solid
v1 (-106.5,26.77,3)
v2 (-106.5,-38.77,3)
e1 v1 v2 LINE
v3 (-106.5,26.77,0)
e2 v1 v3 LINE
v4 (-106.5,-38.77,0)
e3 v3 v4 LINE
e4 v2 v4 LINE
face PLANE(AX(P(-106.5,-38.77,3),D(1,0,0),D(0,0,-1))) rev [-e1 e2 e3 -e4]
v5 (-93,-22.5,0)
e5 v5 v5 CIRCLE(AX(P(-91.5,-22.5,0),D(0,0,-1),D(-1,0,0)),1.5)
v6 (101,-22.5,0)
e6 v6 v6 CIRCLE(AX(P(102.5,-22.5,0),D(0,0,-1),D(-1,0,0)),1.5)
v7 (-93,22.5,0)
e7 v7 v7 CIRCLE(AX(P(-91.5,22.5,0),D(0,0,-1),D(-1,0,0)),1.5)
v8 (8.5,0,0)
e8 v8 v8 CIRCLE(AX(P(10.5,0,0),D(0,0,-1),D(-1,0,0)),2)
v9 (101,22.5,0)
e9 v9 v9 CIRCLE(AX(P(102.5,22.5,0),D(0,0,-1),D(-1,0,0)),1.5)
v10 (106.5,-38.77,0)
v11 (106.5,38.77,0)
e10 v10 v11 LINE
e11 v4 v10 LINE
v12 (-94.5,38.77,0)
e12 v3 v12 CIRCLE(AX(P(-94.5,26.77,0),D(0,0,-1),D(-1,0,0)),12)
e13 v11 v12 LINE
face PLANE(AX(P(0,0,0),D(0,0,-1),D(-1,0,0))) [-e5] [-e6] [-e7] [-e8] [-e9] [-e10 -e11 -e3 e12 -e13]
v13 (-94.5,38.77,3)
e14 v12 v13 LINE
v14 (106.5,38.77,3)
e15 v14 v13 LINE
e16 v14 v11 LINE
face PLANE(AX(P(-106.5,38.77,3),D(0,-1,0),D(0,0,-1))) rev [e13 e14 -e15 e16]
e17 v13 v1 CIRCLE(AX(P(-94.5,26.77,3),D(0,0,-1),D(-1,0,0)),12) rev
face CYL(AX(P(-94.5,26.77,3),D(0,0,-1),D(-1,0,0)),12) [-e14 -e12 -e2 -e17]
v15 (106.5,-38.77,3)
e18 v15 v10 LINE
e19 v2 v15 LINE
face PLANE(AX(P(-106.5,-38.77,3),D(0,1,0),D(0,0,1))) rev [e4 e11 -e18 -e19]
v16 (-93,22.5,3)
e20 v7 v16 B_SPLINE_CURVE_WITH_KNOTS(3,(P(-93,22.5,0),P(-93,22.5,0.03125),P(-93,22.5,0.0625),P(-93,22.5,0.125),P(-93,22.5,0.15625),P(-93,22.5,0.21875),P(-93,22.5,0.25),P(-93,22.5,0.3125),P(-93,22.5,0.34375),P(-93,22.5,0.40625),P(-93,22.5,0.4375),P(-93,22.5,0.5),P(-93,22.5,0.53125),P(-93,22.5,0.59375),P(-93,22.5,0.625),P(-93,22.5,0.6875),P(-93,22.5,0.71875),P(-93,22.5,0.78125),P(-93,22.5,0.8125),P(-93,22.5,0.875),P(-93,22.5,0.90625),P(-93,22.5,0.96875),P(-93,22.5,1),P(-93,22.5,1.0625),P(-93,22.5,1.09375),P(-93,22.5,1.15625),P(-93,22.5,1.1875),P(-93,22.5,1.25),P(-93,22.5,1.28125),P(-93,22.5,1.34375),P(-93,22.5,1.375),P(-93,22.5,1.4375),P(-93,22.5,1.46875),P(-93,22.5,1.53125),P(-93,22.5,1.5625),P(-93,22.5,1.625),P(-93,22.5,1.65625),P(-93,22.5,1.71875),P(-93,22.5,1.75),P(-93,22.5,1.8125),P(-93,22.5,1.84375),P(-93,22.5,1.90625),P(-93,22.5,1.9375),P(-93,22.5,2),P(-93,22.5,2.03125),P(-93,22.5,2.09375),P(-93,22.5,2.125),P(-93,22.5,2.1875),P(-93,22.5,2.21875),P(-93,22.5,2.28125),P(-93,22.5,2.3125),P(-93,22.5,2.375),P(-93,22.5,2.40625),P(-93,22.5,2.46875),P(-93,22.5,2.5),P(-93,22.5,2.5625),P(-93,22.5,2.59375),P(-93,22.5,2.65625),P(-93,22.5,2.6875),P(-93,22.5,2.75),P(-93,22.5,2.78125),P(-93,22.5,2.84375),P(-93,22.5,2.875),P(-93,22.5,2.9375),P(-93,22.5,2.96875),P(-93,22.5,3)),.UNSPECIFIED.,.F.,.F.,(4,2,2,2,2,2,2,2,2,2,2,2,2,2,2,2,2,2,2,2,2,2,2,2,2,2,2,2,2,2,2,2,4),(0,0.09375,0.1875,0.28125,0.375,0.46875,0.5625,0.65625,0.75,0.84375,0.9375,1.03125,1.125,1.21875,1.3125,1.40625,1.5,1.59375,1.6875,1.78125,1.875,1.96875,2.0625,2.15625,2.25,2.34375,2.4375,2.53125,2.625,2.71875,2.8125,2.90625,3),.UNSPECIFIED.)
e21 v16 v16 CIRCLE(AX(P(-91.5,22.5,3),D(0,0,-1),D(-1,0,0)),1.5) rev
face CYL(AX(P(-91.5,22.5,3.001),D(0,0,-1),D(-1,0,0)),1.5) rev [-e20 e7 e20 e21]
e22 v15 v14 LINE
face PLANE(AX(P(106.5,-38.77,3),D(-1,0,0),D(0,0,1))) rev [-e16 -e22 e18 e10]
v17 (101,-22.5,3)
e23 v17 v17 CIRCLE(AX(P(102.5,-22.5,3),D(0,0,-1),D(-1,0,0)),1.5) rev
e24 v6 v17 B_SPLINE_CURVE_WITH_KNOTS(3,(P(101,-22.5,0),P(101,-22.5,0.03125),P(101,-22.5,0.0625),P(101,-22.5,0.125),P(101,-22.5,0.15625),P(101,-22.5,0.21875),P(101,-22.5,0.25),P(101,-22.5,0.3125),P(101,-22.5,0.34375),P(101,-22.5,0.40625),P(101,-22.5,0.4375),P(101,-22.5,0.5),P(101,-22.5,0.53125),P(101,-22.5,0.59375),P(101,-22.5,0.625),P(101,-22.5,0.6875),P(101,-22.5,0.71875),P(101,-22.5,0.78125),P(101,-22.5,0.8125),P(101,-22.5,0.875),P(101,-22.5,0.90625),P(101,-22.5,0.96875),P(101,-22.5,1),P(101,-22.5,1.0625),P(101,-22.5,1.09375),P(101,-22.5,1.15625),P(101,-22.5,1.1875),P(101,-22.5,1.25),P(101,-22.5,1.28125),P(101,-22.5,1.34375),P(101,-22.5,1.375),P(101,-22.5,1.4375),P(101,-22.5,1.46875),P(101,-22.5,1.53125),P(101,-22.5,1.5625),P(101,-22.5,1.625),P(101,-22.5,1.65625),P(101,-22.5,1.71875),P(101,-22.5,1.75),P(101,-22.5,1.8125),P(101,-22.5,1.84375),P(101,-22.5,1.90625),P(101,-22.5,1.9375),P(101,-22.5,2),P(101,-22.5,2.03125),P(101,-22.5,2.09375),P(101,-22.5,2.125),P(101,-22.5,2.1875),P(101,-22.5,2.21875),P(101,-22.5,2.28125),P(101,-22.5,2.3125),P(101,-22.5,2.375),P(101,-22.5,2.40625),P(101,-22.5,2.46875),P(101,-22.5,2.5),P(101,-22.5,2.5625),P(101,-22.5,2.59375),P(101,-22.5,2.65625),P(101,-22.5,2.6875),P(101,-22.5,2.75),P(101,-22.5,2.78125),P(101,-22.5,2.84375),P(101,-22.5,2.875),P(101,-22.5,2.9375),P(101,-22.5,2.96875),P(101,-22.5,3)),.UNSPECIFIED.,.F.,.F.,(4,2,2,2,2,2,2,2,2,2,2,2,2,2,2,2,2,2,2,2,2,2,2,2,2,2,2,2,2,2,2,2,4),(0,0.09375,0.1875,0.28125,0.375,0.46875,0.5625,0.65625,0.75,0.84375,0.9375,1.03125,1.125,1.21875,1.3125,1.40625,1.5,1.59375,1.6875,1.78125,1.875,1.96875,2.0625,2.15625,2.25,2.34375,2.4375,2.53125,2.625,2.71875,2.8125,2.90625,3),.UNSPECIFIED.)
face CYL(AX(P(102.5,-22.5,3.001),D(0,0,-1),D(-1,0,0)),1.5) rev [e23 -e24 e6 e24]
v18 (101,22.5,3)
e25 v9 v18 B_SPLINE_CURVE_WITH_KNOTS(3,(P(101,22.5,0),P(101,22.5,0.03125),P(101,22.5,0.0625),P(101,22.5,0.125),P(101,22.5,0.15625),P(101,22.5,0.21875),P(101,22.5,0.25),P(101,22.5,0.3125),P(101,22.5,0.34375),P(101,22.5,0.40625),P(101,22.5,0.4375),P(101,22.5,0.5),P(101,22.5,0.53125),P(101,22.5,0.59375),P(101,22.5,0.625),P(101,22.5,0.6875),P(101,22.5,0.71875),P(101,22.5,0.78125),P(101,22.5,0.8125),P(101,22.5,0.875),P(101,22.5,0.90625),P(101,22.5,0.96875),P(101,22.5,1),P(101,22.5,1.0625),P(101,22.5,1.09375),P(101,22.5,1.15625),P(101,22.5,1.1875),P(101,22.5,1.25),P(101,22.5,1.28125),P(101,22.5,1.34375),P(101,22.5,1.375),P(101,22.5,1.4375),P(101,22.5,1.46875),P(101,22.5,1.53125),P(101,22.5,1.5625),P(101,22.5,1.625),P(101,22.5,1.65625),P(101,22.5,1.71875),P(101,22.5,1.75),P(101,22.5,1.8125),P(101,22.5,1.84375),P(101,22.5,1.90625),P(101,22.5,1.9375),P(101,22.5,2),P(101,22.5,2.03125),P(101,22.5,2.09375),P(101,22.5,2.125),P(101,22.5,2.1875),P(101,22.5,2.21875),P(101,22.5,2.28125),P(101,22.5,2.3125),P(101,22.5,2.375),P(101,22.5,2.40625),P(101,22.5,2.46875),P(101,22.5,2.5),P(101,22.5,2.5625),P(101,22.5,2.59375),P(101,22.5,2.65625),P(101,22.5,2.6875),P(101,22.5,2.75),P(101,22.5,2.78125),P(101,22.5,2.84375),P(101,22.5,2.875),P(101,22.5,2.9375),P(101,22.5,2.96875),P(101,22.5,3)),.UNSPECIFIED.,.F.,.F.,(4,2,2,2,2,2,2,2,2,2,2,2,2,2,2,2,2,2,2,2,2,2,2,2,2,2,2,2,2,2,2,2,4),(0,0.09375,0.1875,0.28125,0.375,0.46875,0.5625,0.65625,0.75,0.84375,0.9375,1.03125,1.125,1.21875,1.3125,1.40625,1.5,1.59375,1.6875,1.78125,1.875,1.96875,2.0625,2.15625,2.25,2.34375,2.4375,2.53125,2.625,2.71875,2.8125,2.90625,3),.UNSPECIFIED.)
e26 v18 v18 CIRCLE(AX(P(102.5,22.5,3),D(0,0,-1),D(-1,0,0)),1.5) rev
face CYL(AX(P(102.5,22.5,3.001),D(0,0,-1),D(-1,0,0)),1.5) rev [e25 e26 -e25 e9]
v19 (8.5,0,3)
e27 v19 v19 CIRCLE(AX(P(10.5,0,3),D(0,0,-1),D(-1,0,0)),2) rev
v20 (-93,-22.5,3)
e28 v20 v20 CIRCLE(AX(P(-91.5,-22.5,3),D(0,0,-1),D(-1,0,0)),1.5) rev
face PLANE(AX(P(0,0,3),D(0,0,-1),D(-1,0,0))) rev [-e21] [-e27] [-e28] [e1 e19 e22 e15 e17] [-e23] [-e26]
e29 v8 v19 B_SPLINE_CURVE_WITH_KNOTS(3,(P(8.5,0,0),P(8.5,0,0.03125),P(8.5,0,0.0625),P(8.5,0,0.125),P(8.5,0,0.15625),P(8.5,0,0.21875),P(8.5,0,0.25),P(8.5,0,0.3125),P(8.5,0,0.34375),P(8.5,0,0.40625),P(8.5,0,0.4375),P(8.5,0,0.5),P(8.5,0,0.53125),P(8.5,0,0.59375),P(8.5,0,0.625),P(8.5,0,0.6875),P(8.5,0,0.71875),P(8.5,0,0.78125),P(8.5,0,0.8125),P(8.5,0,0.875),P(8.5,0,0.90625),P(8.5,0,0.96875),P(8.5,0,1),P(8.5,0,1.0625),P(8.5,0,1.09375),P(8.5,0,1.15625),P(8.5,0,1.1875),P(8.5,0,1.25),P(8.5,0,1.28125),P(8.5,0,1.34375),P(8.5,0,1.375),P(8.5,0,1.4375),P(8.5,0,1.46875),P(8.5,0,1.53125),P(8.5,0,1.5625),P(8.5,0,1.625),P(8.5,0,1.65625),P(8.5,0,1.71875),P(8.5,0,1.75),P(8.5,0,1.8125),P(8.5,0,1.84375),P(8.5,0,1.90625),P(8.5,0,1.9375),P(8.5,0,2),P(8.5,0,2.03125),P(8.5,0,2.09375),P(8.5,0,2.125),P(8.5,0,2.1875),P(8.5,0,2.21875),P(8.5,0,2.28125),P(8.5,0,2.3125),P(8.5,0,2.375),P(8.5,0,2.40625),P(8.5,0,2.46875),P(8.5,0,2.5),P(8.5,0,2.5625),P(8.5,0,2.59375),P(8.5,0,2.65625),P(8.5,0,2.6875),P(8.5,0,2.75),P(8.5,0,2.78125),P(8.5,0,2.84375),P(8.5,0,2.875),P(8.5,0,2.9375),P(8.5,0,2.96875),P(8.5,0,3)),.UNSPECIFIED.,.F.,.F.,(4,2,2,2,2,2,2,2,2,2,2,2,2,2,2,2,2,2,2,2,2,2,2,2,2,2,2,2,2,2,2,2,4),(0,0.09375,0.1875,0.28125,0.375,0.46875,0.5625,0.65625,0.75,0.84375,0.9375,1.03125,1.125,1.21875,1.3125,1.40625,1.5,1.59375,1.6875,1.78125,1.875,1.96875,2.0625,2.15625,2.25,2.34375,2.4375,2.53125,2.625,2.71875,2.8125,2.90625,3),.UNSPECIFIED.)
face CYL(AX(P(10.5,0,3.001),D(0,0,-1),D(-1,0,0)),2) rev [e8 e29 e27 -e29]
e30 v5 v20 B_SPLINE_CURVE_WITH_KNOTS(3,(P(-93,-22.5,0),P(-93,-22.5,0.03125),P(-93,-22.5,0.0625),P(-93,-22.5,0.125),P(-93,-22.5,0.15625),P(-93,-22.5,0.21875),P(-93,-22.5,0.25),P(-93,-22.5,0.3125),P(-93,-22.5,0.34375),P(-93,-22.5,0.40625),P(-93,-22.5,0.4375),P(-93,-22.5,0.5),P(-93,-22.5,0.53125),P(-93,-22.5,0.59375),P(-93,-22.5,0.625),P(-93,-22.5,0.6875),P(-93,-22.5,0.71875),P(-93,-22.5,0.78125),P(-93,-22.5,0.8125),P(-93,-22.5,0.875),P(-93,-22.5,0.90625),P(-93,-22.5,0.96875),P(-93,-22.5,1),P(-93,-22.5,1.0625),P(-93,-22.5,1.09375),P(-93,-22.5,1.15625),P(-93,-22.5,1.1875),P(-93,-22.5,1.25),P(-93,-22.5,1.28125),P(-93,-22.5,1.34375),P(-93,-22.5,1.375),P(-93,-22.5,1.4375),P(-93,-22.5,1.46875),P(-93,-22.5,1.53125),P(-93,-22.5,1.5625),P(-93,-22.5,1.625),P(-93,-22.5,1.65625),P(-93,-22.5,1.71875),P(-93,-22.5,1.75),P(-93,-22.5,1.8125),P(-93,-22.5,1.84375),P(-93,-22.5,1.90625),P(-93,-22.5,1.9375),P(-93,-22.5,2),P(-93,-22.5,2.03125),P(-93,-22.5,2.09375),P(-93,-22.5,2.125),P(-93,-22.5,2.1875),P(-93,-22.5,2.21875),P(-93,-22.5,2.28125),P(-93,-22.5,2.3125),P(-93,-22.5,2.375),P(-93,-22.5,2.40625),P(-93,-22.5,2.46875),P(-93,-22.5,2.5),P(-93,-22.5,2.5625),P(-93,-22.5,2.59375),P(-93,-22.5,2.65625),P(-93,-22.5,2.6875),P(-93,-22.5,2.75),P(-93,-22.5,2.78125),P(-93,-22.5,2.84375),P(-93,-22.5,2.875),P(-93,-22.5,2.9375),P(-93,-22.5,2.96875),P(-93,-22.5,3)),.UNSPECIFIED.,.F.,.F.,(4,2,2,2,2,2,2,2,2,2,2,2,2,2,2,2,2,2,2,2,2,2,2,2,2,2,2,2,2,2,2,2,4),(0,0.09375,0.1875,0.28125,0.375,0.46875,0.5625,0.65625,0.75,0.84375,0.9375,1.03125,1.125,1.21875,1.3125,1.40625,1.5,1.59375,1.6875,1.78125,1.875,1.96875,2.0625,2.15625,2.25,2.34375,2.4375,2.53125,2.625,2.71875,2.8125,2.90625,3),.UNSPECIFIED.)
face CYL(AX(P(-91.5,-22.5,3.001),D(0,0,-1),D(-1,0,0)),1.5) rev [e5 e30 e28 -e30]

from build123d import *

# Parameters (mm, degrees)
SKETCH1_W           = 213
SKETCH1_H           = 77.54
BOSS_EXTRUDE1_DEPTH = 3
FILLET2_R           = 12
CUT_EXTRUDE1_REACH  = 115.377
SKETCH2_R           = 2
CUT_EXTRUDE2_REACH  = 115.377
SKETCH3_R           = 1.5
CUT_EXTRUDE3_REACH  = 115.377
SKETCH4_R           = 1.5


with BuildPart() as part:
    # Sketch1 → Boss-Extrude1 (new body)
    with BuildSketch(Plane.XY):
        Rectangle(SKETCH1_W, SKETCH1_H)
    extrude(amount=BOSS_EXTRUDE1_DEPTH)

    # Fillet2
    fillet2_edges = [part.edges().sort_by_distance(p)[0] for p in [
        (-106.5, 38.77, 1.5),
    ]]
    fillet(fillet2_edges, radius=FILLET2_R)

    # Sketch2 → Cut-Extrude1 (cut, up to next)
    with BuildSketch(Plane(origin=(0, 0, 0), x_dir=(-1, 0, 0), z_dir=(0, 0, -1)), mode=Mode.PRIVATE) as cut_extrude1_sk1:
        with Locations((-10.5, 0)):
            Circle(SKETCH2_R)
    cut_extrude1_tool1 = extrude(cut_extrude1_sk1.sketch, amount=-CUT_EXTRUDE1_REACH, mode=Mode.PRIVATE) & part.part
    add(cut_extrude1_tool1.solids().sort_by_distance((10.5, 0, 0))[0], mode=Mode.SUBTRACT)

    # Sketch3 → Cut-Extrude2 (cut, up to next)
    with BuildSketch(Plane(origin=(0, 0, 0), x_dir=(-1, 0, 0), z_dir=(0, 0, -1)), mode=Mode.PRIVATE) as cut_extrude2_sk1:
        with Locations((-102.5, 22.5)):
            Circle(SKETCH3_R)
    cut_extrude2_tool1 = extrude(cut_extrude2_sk1.sketch, amount=-CUT_EXTRUDE2_REACH, mode=Mode.PRIVATE) & part.part
    # Sketch3 → Cut-Extrude2 (cut, up to next)
    with BuildSketch(Plane(origin=(0, 0, 0), x_dir=(-1, 0, 0), z_dir=(0, 0, -1)), mode=Mode.PRIVATE) as cut_extrude2_sk2:
        with Locations((-102.5, -22.5)):
            Circle(SKETCH3_R)
    cut_extrude2_tool2 = extrude(cut_extrude2_sk2.sketch, amount=-CUT_EXTRUDE2_REACH, mode=Mode.PRIVATE) & part.part
    add(cut_extrude2_tool1.solids().sort_by_distance((102.5, 22.5, 0))[0], mode=Mode.SUBTRACT)
    add(cut_extrude2_tool2.solids().sort_by_distance((102.5, -22.5, 0))[0], mode=Mode.SUBTRACT)

    # Sketch4 → Cut-Extrude3 (cut, up to next)
    with BuildSketch(Plane(origin=(0, 0, 0), x_dir=(-1, 0, 0), z_dir=(0, 0, -1)), mode=Mode.PRIVATE) as cut_extrude3_sk1:
        with Locations((91.5, 22.5)):
            Circle(SKETCH4_R)
    cut_extrude3_tool1 = extrude(cut_extrude3_sk1.sketch, amount=-CUT_EXTRUDE3_REACH, mode=Mode.PRIVATE) & part.part
    # Sketch4 → Cut-Extrude3 (cut, up to next)
    with BuildSketch(Plane(origin=(0, 0, 0), x_dir=(-1, 0, 0), z_dir=(0, 0, -1)), mode=Mode.PRIVATE) as cut_extrude3_sk2:
        with Locations((91.5, -22.5)):
            Circle(SKETCH4_R)
    cut_extrude3_tool2 = extrude(cut_extrude3_sk2.sketch, amount=-CUT_EXTRUDE3_REACH, mode=Mode.PRIVATE) & part.part
    add(cut_extrude3_tool1.solids().sort_by_distance((-91.5, 22.5, 0))[0], mode=Mode.SUBTRACT)
    add(cut_extrude3_tool2.solids().sort_by_distance((-91.5, -22.5, 0))[0], mode=Mode.SUBTRACT)


solid = part.part
